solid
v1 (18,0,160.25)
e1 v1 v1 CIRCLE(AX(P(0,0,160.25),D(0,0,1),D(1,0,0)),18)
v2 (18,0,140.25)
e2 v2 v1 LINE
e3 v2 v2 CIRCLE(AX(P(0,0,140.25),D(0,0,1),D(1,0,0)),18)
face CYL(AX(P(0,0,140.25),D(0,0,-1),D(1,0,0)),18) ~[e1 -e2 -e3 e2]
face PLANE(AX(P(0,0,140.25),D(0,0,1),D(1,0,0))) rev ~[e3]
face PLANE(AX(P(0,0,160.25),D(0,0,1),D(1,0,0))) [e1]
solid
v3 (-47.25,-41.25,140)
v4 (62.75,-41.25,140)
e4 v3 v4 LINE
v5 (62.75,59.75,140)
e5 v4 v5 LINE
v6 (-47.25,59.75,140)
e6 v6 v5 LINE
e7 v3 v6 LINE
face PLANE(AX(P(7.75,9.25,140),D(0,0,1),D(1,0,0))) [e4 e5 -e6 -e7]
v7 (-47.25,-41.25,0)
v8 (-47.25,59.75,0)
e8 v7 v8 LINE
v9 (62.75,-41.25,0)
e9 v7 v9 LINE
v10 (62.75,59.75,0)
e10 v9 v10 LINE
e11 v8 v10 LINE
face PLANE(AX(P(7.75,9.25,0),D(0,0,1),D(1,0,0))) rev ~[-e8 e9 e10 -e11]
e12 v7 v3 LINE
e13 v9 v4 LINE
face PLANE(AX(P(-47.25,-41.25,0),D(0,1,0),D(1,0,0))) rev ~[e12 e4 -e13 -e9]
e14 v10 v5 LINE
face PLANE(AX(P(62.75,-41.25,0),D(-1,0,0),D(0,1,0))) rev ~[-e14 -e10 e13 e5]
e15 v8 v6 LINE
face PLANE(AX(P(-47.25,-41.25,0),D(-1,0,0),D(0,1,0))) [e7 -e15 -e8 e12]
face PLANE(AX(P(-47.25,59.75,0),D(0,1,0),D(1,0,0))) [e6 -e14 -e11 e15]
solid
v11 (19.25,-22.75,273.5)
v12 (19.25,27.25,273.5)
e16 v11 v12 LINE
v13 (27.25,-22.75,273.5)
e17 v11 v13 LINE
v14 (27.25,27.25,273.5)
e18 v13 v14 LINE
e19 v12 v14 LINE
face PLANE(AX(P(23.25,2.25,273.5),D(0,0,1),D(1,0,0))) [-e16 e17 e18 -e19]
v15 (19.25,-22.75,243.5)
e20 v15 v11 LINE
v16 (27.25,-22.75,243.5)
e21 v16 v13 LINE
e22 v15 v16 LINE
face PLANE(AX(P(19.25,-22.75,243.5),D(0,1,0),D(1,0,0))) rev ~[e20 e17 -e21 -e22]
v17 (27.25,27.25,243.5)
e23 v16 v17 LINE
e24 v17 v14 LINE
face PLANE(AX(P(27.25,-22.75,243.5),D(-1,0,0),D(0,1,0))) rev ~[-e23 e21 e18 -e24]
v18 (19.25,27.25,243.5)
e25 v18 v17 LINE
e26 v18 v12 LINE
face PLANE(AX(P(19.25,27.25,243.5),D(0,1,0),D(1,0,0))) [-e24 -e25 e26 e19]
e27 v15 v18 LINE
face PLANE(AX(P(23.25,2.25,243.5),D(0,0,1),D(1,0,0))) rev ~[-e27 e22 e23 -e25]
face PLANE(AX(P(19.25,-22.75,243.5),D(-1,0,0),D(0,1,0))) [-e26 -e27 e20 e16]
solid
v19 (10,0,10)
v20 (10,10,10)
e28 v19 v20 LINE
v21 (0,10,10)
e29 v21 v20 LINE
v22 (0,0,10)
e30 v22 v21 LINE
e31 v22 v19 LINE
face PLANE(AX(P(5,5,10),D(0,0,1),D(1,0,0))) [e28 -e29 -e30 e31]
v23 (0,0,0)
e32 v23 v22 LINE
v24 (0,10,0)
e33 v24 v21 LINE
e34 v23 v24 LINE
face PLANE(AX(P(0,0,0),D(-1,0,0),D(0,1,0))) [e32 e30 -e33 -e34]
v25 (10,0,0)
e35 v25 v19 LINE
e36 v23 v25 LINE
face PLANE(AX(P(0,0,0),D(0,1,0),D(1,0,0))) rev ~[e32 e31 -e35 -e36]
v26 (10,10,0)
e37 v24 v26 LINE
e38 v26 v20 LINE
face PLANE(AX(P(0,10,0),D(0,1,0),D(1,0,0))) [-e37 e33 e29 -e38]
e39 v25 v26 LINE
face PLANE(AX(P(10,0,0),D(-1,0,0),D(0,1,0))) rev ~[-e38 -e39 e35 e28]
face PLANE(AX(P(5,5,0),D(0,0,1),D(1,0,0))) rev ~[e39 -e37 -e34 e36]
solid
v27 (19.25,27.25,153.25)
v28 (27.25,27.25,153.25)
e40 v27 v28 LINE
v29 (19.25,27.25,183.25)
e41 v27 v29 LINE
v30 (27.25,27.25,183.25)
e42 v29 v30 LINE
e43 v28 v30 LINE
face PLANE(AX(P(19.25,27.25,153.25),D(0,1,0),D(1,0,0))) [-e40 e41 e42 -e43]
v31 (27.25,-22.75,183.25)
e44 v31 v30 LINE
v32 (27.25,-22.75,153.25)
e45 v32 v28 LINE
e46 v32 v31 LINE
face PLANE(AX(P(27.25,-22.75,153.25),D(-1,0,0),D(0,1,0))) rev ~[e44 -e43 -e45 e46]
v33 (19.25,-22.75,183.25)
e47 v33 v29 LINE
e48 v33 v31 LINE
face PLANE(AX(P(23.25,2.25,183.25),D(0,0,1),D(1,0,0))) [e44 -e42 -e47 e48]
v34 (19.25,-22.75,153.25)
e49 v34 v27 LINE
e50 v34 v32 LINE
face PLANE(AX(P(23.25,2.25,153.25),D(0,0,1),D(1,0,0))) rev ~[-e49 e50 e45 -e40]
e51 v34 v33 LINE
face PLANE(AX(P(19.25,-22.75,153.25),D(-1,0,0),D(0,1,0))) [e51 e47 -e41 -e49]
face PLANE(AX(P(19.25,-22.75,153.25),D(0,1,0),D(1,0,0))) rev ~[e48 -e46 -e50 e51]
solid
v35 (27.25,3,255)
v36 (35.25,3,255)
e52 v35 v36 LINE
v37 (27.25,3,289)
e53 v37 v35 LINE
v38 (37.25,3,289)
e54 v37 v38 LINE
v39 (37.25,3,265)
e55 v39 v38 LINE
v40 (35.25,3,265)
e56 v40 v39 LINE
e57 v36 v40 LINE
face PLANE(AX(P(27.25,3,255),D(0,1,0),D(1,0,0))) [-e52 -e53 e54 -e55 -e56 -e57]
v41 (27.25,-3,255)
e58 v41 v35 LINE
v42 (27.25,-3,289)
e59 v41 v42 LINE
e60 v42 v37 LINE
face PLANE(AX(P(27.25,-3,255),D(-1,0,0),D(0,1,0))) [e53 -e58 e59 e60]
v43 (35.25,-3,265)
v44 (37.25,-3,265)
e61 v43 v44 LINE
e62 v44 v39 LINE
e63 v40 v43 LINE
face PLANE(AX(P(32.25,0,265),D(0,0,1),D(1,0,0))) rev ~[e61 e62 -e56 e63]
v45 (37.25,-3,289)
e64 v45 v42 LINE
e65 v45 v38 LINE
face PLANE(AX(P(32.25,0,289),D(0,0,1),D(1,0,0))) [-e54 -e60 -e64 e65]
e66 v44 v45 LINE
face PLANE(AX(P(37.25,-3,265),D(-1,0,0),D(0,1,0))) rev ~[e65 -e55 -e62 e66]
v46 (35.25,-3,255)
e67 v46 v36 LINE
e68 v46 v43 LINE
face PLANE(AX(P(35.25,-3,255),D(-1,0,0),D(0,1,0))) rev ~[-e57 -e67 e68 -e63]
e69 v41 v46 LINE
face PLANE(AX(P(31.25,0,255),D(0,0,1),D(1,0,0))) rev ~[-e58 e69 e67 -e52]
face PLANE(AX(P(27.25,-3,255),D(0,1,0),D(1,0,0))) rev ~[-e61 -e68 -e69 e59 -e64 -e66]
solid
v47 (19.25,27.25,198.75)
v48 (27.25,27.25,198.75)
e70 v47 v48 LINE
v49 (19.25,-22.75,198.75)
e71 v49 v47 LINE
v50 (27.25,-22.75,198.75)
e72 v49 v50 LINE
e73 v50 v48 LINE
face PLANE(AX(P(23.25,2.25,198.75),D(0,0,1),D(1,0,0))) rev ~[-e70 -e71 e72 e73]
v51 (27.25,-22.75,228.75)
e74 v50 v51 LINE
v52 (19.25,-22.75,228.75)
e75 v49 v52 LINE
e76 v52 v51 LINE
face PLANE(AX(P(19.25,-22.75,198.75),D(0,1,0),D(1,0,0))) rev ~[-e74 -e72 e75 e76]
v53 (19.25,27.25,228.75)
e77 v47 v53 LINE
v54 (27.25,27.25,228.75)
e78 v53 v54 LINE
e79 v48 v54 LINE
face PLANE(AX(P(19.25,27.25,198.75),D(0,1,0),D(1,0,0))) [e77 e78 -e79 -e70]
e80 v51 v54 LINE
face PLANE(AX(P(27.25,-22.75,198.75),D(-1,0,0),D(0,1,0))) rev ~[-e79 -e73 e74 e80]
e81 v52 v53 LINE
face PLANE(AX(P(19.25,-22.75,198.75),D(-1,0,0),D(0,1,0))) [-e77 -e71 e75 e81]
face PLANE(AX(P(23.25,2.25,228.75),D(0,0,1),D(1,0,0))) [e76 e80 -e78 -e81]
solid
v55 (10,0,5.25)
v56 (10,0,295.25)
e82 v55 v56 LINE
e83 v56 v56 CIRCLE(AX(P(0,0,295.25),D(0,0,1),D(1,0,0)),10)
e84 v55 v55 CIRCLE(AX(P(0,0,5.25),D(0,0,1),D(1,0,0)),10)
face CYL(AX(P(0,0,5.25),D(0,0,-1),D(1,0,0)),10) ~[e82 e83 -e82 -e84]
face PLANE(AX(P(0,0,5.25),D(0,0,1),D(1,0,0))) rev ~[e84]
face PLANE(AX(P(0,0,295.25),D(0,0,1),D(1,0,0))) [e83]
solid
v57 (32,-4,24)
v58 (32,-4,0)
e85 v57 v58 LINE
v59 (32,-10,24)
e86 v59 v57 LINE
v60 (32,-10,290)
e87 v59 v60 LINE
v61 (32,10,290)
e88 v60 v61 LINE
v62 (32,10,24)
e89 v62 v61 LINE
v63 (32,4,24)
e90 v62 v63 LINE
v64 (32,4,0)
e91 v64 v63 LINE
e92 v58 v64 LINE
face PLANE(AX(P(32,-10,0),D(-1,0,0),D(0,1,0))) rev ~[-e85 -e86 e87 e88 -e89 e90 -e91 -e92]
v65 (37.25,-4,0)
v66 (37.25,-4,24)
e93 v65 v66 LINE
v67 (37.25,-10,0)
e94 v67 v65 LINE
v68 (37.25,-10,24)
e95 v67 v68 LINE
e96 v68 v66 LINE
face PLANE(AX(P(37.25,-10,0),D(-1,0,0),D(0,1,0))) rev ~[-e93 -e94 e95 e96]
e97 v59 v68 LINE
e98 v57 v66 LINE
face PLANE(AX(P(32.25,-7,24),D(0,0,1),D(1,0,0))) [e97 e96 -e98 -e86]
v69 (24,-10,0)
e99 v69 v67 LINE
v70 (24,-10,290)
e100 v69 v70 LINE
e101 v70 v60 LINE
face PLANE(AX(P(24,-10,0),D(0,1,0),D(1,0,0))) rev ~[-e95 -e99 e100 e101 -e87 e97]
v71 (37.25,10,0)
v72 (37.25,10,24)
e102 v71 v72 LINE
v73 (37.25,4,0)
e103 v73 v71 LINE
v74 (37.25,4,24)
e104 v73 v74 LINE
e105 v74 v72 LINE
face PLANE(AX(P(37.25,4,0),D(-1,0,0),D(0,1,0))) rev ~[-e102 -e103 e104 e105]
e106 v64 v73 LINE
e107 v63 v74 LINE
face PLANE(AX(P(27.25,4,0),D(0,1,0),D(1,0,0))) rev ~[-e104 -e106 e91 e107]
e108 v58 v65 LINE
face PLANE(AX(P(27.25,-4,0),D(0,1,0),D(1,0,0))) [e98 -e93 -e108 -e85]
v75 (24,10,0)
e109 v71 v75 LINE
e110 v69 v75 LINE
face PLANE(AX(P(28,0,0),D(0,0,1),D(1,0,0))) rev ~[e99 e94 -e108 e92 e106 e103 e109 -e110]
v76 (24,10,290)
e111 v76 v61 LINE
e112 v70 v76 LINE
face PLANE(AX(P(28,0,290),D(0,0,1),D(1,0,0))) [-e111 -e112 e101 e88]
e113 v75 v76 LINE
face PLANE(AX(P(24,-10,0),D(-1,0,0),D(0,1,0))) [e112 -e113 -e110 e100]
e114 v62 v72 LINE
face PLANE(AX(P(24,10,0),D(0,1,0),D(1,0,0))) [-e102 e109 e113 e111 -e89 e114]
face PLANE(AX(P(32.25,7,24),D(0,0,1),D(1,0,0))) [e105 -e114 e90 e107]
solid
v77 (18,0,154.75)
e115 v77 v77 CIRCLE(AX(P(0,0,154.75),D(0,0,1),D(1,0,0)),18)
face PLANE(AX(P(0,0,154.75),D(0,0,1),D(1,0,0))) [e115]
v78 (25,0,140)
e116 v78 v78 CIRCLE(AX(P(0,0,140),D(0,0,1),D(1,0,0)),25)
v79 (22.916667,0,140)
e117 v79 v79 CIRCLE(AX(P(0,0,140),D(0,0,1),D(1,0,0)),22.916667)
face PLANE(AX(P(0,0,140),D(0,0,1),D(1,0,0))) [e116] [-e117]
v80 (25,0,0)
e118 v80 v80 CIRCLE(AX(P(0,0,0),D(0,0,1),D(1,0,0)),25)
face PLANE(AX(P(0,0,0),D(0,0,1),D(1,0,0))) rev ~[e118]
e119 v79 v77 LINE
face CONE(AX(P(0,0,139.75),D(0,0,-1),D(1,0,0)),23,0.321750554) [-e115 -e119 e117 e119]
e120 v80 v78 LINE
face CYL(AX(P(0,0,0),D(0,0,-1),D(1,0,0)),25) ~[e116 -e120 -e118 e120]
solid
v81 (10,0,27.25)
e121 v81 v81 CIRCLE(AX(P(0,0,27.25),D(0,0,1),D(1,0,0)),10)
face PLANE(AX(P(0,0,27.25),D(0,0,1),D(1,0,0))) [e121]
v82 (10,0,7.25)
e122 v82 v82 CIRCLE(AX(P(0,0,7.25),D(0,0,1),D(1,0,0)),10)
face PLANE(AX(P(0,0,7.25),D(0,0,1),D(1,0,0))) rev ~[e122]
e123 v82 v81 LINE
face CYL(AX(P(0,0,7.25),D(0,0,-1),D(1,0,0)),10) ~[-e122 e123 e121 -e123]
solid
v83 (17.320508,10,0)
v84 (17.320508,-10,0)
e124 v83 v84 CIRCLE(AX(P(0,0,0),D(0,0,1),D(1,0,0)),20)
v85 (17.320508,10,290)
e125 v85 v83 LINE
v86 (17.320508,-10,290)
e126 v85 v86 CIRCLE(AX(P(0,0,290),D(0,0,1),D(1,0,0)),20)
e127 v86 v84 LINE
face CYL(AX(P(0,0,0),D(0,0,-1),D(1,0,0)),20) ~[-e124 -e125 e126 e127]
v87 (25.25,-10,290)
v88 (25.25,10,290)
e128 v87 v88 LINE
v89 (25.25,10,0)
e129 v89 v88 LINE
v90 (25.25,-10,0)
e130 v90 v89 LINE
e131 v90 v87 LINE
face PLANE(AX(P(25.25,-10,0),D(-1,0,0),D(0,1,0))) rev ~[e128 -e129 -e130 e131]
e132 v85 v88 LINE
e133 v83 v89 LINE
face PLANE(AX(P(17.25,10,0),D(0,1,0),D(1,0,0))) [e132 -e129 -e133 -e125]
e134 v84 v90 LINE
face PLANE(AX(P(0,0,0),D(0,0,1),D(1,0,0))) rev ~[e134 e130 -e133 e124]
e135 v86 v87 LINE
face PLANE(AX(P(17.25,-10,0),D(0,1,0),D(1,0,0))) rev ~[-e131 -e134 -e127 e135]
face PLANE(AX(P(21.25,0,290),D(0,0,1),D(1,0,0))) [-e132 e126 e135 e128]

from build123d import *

# Parameters (mm, degrees)
BOX_W             = 8
BOX_H             = 20
BOX_DEPTH         = 290
CYLINDER_R        = 20
CYLINDER_DEPTH    = 290
CYLINDER001_R     = 25
CYLINDER001_DEPTH = 140
BOX005_W          = 8
BOX005_H          = 6
BOX005_DEPTH      = 34
BOX004_W          = 10
BOX004_H          = 6
BOX004_DEPTH      = 24
BOX002_W          = 10
BOX002_H          = 6
BOX002_DEPTH      = 24
BOX001_W          = 8
BOX001_H          = 20
BOX001_DEPTH      = 290
BOX003_W          = 10
BOX003_H          = 6
BOX003_DEPTH      = 24
BOX006_W          = 8
BOX006_H          = 50
BOX006_DEPTH      = 30
BOX007_W          = 8
BOX007_H          = 50
BOX007_DEPTH      = 30
BOX008_W          = 8
BOX008_H          = 50
BOX008_DEPTH      = 30
CYLINDER002_R     = 10
CYLINDER002_DEPTH = 20
CYLINDER003_R     = 10
CYLINDER003_DEPTH = 290
BOX009_W          = 10
BOX009_H          = 10
BOX009_DEPTH      = 10
BOX010_W          = 110
BOX010_H          = 101
BOX010_DEPTH      = 140
CYLINDER004_R     = 18
CYLINDER004_DEPTH = 20


with BuildPart() as cube:
    # Box → Box (new body)
    with BuildSketch(Plane(origin=(17.25, -10, 0), x_dir=(1, 0, 0), z_dir=(0, 0, 1))):
        with Locations((4, 10)):
            Rectangle(BOX_W, BOX_H)
    extrude(amount=BOX_DEPTH)


with BuildPart() as mainbarrel:
    # Cylinder → Cylinder (new body)
    with BuildSketch(Plane.XY):
        Circle(CYLINDER_R)
    extrude(amount=CYLINDER_DEPTH)

    # Fusion: union Cube
    add(cube.part)


with BuildPart() as cylinder001:
    # Cylinder001 → Cylinder001 (new body)
    with BuildSketch(Plane.XY):
        Circle(CYLINDER001_R)
    extrude(amount=CYLINDER001_DEPTH)


with BuildPart() as rearbarrel:
    # Cone → Cone (revolve)
    with BuildSketch(Plane(origin=(0, 0, 139.75), x_dir=(1, 0, 0), z_dir=(0, -1, 0))):
        Polygon((0, 0), (23, 0), (18, 15), (0, 15), align=None)
    revolve(axis=Axis((0, 0, 139.75), (0, 0, 1)))

    # Fusion001: union Cylinder001
    add(cylinder001.part)


with BuildPart() as cube005:
    # Box005 → Box005 (new body)
    with BuildSketch(Plane(origin=(27.25, -3, 0), x_dir=(1, 0, 0), z_dir=(0, 0, 1))):
        with Locations((4, 3)):
            Rectangle(BOX005_W, BOX005_H)
    extrude(amount=BOX005_DEPTH)


with BuildPart() as frontsight:
    # Box004 → Box004 (new body)
    with BuildSketch(Plane(origin=(27.25, -3, 10), x_dir=(1, 0, 0), z_dir=(0, 0, 1))):
        with Locations((5, 3)):
            Rectangle(BOX004_W, BOX004_H)
    extrude(amount=BOX004_DEPTH)

    # Fusion002: union Cube005
    add(cube005.part)


with BuildPart() as frontsight_1:
    # Fusion002 placement: moved
    add(frontsight.part.moved(Location((0, 0, 255))))


with BuildPart() as cube002:
    # Box002 → Box002 (new body)
    with BuildSketch(Plane(origin=(27.25, -10, 0), x_dir=(1, 0, 0), z_dir=(0, 0, 1))):
        with Locations((5, 3)):
            Rectangle(BOX002_W, BOX002_H)
    extrude(amount=BOX002_DEPTH)


with BuildPart() as cube001:
    # Box001 → Box001 (new body)
    with BuildSketch(Plane(origin=(24, -10, 0), x_dir=(1, 0, 0), z_dir=(0, 0, 1))):
        with Locations((4, 10)):
            Rectangle(BOX001_W, BOX001_H)
    extrude(amount=BOX001_DEPTH)


with BuildPart() as rearsight:
    # Box003 → Box003 (new body)
    with BuildSketch(Plane(origin=(27.25, 4, 0), x_dir=(1, 0, 0), z_dir=(0, 0, 1))):
        with Locations((5, 3)):
            Rectangle(BOX003_W, BOX003_H)
    extrude(amount=BOX003_DEPTH)

    # Fusion003: union Cube001
    add(cube001.part)

    # Fusion004: union Cube002
    add(cube002.part)


with BuildPart() as cube006:
    # Box006 → Box006 (new body)
    with BuildSketch(Plane(origin=(19.25, -22.75, 153.25), x_dir=(1, 0, 0), z_dir=(0, 0, 1))):
        with Locations((4, 25)):
            Rectangle(BOX006_W, BOX006_H)
    extrude(amount=BOX006_DEPTH)


with BuildPart() as cube007:
    # Box007 → Box007 (new body)
    with BuildSketch(Plane(origin=(19.25, -22.75, 198.75), x_dir=(1, 0, 0), z_dir=(0, 0, 1))):
        with Locations((4, 25)):
            Rectangle(BOX007_W, BOX007_H)
    extrude(amount=BOX007_DEPTH)


with BuildPart() as cube008:
    # Box008 → Box008 (new body)
    with BuildSketch(Plane(origin=(19.25, -22.75, 243.5), x_dir=(1, 0, 0), z_dir=(0, 0, 1))):
        with Locations((4, 25)):
            Rectangle(BOX008_W, BOX008_H)
    extrude(amount=BOX008_DEPTH)


with BuildPart() as cylinder002:
    # Cylinder002 → Cylinder002 (new body)
    with BuildSketch(Plane.XY.offset(7.25)):
        Circle(CYLINDER002_R)
    extrude(amount=CYLINDER002_DEPTH)


with BuildPart() as cylinder003:
    # Cylinder003 → Cylinder003 (new body)
    with BuildSketch(Plane.XY.offset(5.25)):
        Circle(CYLINDER003_R)
    extrude(amount=CYLINDER003_DEPTH)


with BuildPart() as cube009:
    # Box009 → Box009 (new body)
    with BuildSketch(Plane.XY):
        with Locations((5, 5)):
            Rectangle(BOX009_W, BOX009_H)
    extrude(amount=BOX009_DEPTH)


with BuildPart() as cube010:
    # Box010 → Box010 (new body)
    with BuildSketch(Plane(origin=(-47.25, -41.25, 0), x_dir=(1, 0, 0), z_dir=(0, 0, 1))):
        with Locations((55, 50.5)):
            Rectangle(BOX010_W, BOX010_H)
    extrude(amount=BOX010_DEPTH)


with BuildPart() as cylinder004:
    # Cylinder004 → Cylinder004 (new body)
    with BuildSketch(Plane.XY.offset(140.25)):
        Circle(CYLINDER004_R)
    extrude(amount=CYLINDER004_DEPTH)


solid = Compound([mainbarrel.part, rearbarrel.part, frontsight_1.part, rearsight.part, cube006.part, cube007.part, cube008.part, cylinder002.part, cylinder003.part, cube009.part, cube010.part, cylinder004.part])
